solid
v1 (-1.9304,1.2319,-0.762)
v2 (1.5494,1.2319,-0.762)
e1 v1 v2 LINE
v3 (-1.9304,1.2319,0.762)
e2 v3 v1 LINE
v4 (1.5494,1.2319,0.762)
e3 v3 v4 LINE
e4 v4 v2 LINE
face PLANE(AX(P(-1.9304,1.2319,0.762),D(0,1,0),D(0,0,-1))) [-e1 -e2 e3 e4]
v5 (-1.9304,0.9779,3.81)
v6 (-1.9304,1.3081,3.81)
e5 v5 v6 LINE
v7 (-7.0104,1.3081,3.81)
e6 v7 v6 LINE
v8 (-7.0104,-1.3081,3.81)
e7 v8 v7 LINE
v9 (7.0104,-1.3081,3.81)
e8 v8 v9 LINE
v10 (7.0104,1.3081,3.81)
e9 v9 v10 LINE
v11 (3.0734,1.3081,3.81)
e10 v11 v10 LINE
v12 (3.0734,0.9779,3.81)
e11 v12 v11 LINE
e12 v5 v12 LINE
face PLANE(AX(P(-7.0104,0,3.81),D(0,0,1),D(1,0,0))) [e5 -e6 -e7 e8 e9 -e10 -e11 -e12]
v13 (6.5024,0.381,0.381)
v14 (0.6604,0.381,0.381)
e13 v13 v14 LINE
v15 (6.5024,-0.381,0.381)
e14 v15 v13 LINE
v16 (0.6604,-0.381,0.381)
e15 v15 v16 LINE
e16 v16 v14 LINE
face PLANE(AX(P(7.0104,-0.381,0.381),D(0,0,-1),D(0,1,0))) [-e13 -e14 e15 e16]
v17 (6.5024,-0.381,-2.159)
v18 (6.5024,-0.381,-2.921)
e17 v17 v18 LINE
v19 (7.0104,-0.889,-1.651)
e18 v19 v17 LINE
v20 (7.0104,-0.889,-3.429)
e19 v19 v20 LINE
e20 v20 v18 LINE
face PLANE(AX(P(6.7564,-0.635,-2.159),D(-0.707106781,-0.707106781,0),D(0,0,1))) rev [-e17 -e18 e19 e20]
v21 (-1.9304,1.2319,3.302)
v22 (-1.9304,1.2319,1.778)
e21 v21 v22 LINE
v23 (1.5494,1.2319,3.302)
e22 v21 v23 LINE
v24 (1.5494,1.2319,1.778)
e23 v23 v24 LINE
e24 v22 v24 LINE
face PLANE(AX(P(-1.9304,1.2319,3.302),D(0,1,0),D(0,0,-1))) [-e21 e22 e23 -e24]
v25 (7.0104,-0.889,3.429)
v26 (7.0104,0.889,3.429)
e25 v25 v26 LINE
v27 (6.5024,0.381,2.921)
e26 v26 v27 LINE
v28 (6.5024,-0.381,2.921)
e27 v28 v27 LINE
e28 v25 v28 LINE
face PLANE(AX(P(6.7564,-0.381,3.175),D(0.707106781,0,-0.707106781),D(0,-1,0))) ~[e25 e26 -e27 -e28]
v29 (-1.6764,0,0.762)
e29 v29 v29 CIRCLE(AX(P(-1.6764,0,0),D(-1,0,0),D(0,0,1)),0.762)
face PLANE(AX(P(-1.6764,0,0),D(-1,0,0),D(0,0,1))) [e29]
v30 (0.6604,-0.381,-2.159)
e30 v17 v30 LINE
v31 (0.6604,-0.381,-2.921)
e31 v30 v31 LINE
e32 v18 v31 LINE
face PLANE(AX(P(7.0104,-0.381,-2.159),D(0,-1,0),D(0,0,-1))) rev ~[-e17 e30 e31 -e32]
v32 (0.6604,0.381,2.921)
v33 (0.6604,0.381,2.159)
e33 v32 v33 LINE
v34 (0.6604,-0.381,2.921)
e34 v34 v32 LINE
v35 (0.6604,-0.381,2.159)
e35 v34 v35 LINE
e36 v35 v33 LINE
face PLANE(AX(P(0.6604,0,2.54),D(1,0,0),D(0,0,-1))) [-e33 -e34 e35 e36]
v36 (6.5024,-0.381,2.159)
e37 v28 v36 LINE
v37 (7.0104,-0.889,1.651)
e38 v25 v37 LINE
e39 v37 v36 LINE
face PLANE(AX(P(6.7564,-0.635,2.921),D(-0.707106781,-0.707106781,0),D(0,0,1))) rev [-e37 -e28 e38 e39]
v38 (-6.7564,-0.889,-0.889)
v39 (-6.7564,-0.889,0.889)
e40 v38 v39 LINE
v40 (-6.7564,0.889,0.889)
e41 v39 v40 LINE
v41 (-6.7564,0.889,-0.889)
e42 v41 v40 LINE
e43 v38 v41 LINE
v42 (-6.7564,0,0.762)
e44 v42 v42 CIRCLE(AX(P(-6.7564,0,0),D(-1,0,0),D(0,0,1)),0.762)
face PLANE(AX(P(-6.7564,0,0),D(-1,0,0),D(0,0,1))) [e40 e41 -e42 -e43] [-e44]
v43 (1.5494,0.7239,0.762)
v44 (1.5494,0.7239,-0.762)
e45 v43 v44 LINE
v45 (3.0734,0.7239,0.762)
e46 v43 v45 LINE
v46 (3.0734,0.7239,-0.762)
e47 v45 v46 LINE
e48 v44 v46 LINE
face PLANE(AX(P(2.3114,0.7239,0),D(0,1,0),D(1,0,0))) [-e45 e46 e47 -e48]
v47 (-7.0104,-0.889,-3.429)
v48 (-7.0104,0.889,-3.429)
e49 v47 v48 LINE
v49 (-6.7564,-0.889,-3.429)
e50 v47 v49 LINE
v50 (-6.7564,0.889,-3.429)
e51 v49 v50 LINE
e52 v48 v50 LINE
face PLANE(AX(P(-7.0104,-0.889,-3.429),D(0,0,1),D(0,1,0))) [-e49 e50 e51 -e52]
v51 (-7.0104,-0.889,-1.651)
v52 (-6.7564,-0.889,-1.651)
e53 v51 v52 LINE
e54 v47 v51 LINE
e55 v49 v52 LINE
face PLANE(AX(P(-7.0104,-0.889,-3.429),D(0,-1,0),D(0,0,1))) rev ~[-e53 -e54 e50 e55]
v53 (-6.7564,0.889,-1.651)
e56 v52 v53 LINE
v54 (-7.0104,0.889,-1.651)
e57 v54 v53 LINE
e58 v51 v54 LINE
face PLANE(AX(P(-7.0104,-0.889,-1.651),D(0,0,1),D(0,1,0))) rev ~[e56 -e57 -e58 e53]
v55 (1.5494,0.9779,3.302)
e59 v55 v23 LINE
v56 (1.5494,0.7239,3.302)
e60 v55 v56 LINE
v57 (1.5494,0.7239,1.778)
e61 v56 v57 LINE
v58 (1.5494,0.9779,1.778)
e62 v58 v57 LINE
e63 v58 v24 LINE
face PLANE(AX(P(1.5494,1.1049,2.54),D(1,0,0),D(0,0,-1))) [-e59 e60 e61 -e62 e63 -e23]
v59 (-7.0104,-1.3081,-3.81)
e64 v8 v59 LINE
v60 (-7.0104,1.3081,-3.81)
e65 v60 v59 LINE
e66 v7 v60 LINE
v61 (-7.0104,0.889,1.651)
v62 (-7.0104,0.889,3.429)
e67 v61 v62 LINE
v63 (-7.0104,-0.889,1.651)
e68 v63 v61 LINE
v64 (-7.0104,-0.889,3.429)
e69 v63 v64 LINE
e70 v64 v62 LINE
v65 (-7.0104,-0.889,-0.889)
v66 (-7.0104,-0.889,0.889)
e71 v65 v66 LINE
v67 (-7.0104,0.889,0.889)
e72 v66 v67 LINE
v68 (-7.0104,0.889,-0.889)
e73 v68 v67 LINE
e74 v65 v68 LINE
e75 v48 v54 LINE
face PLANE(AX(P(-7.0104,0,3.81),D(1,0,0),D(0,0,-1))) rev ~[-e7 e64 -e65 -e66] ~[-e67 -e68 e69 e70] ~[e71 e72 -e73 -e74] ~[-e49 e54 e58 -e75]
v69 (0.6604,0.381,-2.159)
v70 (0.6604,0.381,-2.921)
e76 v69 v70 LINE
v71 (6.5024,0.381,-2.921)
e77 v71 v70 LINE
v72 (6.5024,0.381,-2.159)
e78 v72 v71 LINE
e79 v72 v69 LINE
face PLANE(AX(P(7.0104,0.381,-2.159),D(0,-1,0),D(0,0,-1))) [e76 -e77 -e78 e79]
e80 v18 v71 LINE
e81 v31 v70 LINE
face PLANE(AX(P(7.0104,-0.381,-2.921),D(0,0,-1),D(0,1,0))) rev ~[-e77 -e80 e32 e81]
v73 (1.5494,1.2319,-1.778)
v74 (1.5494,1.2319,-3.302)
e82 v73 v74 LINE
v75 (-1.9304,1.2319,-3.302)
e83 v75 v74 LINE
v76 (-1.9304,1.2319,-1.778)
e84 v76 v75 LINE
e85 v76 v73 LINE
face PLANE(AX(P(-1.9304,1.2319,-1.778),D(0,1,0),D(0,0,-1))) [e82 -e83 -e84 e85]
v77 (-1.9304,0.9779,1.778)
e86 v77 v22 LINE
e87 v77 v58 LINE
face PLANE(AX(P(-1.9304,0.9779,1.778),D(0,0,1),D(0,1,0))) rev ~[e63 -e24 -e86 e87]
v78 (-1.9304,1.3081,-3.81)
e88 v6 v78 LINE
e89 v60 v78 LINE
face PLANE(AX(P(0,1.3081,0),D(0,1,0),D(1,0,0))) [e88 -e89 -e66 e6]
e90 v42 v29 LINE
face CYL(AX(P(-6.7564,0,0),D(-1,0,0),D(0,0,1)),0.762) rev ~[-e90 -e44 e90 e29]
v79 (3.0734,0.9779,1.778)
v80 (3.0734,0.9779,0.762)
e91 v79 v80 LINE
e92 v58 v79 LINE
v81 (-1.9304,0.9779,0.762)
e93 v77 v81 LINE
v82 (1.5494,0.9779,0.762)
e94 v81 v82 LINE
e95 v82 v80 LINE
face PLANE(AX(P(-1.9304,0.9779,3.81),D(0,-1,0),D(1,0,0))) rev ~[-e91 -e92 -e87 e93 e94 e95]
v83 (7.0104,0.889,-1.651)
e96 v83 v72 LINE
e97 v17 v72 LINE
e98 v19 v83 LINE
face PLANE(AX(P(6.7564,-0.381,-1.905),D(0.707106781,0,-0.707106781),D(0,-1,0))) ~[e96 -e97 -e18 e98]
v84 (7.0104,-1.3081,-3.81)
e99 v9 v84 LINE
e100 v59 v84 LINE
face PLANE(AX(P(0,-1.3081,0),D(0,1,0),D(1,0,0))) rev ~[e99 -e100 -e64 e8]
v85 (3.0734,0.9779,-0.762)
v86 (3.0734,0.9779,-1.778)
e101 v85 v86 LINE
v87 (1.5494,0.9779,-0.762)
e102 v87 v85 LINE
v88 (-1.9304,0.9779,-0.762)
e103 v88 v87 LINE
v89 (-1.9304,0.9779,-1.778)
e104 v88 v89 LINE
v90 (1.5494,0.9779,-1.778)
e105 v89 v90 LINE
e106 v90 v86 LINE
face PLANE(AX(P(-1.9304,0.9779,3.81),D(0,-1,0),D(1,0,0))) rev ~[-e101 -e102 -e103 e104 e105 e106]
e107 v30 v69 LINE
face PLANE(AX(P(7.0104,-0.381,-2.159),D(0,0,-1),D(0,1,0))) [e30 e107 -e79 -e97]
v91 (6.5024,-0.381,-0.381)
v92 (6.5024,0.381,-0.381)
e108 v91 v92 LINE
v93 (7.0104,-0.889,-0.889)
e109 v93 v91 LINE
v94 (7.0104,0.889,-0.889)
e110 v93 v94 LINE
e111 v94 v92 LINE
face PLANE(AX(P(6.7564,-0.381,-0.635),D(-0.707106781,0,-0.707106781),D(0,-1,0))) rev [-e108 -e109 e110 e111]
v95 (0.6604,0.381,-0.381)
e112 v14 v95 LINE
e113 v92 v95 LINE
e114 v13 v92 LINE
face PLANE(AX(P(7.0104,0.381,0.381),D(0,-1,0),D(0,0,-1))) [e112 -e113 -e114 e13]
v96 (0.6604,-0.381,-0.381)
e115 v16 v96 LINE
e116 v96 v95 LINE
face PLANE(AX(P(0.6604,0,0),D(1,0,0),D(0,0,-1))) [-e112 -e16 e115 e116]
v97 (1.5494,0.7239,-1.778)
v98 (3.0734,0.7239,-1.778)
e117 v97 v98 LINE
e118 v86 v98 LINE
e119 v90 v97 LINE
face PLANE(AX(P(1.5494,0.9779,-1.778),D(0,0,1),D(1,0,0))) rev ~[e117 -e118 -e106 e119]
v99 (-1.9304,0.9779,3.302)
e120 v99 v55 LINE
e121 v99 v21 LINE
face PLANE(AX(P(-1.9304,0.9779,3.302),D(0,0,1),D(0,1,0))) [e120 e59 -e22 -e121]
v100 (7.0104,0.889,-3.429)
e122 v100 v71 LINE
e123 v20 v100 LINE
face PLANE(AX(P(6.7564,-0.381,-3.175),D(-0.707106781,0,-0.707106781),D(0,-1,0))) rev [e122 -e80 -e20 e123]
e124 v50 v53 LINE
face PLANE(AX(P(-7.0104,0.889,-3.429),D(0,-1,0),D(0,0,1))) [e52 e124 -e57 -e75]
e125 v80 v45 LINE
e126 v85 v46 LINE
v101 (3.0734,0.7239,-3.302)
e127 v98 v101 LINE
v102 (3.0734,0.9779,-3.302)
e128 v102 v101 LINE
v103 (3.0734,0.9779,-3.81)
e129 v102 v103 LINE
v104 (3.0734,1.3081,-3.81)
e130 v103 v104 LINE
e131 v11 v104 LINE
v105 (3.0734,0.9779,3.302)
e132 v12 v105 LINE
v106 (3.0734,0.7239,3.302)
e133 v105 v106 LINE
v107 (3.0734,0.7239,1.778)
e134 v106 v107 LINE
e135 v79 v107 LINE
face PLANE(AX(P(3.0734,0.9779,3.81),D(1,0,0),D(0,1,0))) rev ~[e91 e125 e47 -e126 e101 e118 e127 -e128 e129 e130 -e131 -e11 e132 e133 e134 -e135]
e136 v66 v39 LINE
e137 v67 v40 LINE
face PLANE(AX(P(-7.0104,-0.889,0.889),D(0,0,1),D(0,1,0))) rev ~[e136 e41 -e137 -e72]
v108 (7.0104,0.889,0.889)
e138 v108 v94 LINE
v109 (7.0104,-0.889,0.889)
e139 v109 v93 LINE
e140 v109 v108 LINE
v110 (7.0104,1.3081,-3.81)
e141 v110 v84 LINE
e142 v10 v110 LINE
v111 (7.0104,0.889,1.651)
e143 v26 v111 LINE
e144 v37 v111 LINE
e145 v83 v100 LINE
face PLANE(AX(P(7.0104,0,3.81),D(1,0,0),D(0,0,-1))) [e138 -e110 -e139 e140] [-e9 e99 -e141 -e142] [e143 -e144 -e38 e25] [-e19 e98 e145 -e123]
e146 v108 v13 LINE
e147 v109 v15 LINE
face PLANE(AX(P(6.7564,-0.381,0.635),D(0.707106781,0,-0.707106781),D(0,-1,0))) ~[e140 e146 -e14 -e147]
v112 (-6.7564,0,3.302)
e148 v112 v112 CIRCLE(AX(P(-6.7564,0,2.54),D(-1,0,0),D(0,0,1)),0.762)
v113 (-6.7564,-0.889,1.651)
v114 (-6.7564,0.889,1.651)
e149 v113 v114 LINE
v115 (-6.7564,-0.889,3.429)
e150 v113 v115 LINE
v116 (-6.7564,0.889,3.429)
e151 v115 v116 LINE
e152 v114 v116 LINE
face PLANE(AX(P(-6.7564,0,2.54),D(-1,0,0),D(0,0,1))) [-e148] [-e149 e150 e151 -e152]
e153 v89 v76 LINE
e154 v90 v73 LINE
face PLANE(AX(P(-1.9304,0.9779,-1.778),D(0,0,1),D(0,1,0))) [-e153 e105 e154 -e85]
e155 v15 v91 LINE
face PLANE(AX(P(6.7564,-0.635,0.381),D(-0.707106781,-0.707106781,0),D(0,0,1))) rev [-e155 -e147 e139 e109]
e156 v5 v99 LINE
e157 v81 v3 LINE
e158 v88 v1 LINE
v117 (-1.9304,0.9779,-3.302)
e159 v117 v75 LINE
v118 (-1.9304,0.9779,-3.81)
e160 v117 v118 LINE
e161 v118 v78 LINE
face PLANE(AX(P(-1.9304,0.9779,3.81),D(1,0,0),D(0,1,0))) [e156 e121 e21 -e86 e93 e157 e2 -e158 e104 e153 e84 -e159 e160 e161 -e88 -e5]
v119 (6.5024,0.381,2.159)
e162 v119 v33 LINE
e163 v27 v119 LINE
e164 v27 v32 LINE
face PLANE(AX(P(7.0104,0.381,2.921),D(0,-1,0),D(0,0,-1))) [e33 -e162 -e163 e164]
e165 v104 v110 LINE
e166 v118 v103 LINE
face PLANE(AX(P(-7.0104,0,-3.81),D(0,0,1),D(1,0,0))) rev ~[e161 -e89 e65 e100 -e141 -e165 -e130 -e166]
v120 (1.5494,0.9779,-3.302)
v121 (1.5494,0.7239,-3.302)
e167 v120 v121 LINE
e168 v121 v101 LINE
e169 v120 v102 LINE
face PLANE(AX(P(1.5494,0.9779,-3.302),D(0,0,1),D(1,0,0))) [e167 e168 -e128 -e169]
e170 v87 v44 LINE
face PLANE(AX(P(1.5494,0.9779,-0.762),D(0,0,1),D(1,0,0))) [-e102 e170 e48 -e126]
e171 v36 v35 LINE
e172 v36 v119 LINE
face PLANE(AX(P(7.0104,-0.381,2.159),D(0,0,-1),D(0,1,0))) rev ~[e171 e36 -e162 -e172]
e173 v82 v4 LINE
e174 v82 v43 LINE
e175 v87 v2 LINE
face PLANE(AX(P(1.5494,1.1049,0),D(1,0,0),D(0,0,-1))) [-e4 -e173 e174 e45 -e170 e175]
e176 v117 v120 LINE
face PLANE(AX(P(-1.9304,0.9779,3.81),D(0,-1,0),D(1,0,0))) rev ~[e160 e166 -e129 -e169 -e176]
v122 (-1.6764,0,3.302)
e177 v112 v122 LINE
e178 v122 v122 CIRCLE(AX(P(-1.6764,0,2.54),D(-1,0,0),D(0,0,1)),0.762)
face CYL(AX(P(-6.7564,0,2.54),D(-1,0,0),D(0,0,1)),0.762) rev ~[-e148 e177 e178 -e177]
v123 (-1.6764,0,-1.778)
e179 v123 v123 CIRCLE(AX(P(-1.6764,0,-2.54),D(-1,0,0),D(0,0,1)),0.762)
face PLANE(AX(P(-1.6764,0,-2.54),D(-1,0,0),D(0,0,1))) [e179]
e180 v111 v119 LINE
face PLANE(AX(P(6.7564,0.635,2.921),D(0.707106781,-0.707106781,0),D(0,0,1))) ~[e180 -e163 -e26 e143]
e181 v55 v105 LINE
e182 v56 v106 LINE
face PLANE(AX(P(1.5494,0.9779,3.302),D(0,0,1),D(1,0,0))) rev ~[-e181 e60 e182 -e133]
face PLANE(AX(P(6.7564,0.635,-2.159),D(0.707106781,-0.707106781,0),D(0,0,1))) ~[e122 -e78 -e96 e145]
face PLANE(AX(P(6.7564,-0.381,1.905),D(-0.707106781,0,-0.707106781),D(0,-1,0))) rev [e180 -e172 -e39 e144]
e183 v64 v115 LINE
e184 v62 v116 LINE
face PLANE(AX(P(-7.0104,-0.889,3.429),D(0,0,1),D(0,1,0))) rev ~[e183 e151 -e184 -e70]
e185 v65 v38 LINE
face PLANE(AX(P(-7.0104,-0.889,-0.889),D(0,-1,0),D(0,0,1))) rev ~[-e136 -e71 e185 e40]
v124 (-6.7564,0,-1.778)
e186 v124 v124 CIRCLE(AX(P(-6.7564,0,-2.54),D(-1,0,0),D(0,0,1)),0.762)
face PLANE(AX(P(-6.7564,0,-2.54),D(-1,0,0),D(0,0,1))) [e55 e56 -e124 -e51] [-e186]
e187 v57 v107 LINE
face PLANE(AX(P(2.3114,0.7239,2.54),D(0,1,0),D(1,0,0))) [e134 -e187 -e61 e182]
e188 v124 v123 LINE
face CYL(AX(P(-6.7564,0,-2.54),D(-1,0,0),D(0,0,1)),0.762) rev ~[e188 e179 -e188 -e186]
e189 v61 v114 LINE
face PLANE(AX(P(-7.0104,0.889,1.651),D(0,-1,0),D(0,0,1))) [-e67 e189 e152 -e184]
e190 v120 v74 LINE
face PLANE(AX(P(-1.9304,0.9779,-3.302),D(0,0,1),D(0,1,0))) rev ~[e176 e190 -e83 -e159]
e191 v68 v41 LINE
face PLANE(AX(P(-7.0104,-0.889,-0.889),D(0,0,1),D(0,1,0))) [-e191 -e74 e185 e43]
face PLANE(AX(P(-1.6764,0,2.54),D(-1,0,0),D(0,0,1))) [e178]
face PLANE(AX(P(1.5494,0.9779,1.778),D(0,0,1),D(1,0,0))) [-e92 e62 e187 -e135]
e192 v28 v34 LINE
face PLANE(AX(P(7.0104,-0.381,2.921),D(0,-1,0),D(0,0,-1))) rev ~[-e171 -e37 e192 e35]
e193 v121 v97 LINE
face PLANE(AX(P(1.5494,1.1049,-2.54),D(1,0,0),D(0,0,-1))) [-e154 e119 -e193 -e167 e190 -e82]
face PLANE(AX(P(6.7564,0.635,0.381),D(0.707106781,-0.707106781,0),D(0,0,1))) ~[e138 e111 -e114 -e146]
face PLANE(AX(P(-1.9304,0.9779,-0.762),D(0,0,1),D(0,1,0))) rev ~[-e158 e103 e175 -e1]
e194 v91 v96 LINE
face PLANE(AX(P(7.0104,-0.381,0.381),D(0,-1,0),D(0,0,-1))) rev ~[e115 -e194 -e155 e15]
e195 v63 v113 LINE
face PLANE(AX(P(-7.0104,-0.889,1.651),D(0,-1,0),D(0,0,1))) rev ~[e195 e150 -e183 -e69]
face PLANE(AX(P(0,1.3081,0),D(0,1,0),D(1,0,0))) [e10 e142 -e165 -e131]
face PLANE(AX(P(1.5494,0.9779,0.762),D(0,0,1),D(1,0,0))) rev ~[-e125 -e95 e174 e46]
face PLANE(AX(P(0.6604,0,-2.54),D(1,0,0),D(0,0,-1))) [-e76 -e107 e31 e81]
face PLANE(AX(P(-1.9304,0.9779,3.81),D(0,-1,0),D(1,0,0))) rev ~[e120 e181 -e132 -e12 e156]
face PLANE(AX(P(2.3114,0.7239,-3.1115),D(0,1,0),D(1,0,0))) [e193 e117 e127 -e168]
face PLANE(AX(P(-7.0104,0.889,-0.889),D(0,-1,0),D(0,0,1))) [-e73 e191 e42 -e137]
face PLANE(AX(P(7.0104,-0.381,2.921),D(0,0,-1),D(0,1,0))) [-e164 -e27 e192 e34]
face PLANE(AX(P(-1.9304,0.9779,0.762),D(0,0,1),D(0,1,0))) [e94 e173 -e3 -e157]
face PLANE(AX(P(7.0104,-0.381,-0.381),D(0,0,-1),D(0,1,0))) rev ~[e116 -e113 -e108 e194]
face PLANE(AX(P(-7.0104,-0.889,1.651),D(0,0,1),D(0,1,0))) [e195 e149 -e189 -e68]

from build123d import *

# Parameters (mm, degrees)
SKETCH1_W           = 14.0208
SKETCH1_H           = 7.62
BOSS_EXTRUDE1_DEPTH = 1.3081
SKETCH2_W           = 0.762
SKETCH2_H           = 0.762
CUT_EXTRUDE1_DEPTH  = 6.35
CHAMFER1_SIZE       = 0.508
SKETCH3_W           = 1.778
SKETCH3_H           = 1.778
CUT_EXTRUDE2_DEPTH  = 0.254
SKETCH4_R           = 0.762
CUT_EXTRUDE3_DEPTH  = 5.08
SKETCH5_W           = 5.0038
SKETCH5_H           = 0.6604
CUT_EXTRUDE4_DEPTH  = 8.62
SKETCH6_W           = 1.524
SKETCH6_H           = 0.381
SKETCH6_H_2         = 0.762
SKETCH6_H_3         = 1.524
CUT_EXTRUDE5_DEPTH  = 0.254
SKETCH7_W           = 1.524
SKETCH7_H           = 0.254
BOSS_EXTRUDE2_DEPTH = 3.4798


with BuildPart() as part:
    # Sketch1 → Boss-Extrude1 (new body, symmetric)
    with BuildSketch(Plane(origin=(0, 0, 0), x_dir=(1, 0, 0), z_dir=(0, 1, 0))):
        Rectangle(SKETCH1_W, SKETCH1_H)
    extrude(amount=BOSS_EXTRUDE1_DEPTH, both=True)

    # Sketch2 → Cut-Extrude1 (cut)
    with BuildSketch(Plane(origin=(7.0104, 0, 0), x_dir=(0, 0, -1), z_dir=(1, 0, 0))):
        Rectangle(SKETCH2_W, SKETCH2_H)
        with Locations((-2.54, 0)):
            Rectangle(SKETCH2_W, SKETCH2_H)
        with Locations((2.54, 0)):
            Rectangle(SKETCH2_W, SKETCH2_H)
    extrude(amount=-CUT_EXTRUDE1_DEPTH, mode=Mode.SUBTRACT)

    # Chamfer1
    chamfer1_edges = [part.edges().sort_by_distance(p)[0] for p in [
        (7.0104, -0.381, 2.54),
        (7.0104, 0, 2.159),
        (7.0104, 0.381, 2.54),
        (7.0104, 0, 2.921),
        (7.0104, -0.381, 0),
        (7.0104, 0, -0.381),
        (7.0104, 0.381, 0),
        (7.0104, 0, 0.381),
        (7.0104, -0.381, -2.54),
        (7.0104, 0, -2.921),
        (7.0104, 0.381, -2.54),
        (7.0104, 0, -2.159),
    ]]
    chamfer(chamfer1_edges, length=CHAMFER1_SIZE)

    # Sketch3 → Cut-Extrude2 (cut)
    with BuildSketch(Plane.ZY.offset(7.0104)):
        with Locations((-2.54, 0)):
            Rectangle(SKETCH3_W, SKETCH3_H)
        Rectangle(SKETCH3_W, SKETCH3_H)
        with Locations((2.54, 0)):
            Rectangle(SKETCH3_W, SKETCH3_H)
    extrude(amount=-CUT_EXTRUDE2_DEPTH, mode=Mode.SUBTRACT)

    # Sketch4 → Cut-Extrude3 (cut)
    with BuildSketch(Plane.ZY.offset(6.7564)):
        with Locations((-2.54, 0)):
            Circle(SKETCH4_R)
        Circle(SKETCH4_R)
        with Locations((2.54, 0)):
            Circle(SKETCH4_R)
    extrude(amount=-CUT_EXTRUDE3_DEPTH, mode=Mode.SUBTRACT)

    # Sketch5 → Cut-Extrude4 (cut, through all)
    with BuildSketch(Plane.XY.offset(3.81)):
        with Locations((0.5715, 1.3081)):
            Rectangle(SKETCH5_W, SKETCH5_H)
    extrude(amount=-CUT_EXTRUDE4_DEPTH, mode=Mode.SUBTRACT)

    # Sketch6 → Cut-Extrude5 (cut)
    with BuildSketch(Plane(origin=(0, 0.9779, 0), x_dir=(1, 0, 0), z_dir=(0, 1, 0))):
        with Locations((2.3114, 3.1115)):
            Rectangle(SKETCH6_W, SKETCH6_H)
        with Locations((2.3114, 2.54)):
            Rectangle(SKETCH6_W, SKETCH6_H_2)
        with Locations((2.3114, 1.9685)):
            Rectangle(SKETCH6_W, SKETCH6_H)
        with Locations((2.3114, 0)):
            Rectangle(SKETCH6_W, SKETCH6_H_3)
        with Locations((2.3114, -2.54)):
            Rectangle(SKETCH6_W, SKETCH6_H_3)
    extrude(amount=-CUT_EXTRUDE5_DEPTH, mode=Mode.SUBTRACT)

    # Sketch7 → Boss-Extrude2 (add)
    with BuildSketch(Plane(origin=(-1.9304, 0, 0), x_dir=(0, 0, -1), z_dir=(1, 0, 0))):
        with Locations((2.54, 1.1049)):
            Rectangle(SKETCH7_W, SKETCH7_H)
        with Locations((0, 1.1049)):
            Rectangle(SKETCH7_W, SKETCH7_H)
        with Locations((-2.54, 1.1049)):
            Rectangle(SKETCH7_W, SKETCH7_H)
    extrude(amount=BOSS_EXTRUDE2_DEPTH)


solid = part.part
